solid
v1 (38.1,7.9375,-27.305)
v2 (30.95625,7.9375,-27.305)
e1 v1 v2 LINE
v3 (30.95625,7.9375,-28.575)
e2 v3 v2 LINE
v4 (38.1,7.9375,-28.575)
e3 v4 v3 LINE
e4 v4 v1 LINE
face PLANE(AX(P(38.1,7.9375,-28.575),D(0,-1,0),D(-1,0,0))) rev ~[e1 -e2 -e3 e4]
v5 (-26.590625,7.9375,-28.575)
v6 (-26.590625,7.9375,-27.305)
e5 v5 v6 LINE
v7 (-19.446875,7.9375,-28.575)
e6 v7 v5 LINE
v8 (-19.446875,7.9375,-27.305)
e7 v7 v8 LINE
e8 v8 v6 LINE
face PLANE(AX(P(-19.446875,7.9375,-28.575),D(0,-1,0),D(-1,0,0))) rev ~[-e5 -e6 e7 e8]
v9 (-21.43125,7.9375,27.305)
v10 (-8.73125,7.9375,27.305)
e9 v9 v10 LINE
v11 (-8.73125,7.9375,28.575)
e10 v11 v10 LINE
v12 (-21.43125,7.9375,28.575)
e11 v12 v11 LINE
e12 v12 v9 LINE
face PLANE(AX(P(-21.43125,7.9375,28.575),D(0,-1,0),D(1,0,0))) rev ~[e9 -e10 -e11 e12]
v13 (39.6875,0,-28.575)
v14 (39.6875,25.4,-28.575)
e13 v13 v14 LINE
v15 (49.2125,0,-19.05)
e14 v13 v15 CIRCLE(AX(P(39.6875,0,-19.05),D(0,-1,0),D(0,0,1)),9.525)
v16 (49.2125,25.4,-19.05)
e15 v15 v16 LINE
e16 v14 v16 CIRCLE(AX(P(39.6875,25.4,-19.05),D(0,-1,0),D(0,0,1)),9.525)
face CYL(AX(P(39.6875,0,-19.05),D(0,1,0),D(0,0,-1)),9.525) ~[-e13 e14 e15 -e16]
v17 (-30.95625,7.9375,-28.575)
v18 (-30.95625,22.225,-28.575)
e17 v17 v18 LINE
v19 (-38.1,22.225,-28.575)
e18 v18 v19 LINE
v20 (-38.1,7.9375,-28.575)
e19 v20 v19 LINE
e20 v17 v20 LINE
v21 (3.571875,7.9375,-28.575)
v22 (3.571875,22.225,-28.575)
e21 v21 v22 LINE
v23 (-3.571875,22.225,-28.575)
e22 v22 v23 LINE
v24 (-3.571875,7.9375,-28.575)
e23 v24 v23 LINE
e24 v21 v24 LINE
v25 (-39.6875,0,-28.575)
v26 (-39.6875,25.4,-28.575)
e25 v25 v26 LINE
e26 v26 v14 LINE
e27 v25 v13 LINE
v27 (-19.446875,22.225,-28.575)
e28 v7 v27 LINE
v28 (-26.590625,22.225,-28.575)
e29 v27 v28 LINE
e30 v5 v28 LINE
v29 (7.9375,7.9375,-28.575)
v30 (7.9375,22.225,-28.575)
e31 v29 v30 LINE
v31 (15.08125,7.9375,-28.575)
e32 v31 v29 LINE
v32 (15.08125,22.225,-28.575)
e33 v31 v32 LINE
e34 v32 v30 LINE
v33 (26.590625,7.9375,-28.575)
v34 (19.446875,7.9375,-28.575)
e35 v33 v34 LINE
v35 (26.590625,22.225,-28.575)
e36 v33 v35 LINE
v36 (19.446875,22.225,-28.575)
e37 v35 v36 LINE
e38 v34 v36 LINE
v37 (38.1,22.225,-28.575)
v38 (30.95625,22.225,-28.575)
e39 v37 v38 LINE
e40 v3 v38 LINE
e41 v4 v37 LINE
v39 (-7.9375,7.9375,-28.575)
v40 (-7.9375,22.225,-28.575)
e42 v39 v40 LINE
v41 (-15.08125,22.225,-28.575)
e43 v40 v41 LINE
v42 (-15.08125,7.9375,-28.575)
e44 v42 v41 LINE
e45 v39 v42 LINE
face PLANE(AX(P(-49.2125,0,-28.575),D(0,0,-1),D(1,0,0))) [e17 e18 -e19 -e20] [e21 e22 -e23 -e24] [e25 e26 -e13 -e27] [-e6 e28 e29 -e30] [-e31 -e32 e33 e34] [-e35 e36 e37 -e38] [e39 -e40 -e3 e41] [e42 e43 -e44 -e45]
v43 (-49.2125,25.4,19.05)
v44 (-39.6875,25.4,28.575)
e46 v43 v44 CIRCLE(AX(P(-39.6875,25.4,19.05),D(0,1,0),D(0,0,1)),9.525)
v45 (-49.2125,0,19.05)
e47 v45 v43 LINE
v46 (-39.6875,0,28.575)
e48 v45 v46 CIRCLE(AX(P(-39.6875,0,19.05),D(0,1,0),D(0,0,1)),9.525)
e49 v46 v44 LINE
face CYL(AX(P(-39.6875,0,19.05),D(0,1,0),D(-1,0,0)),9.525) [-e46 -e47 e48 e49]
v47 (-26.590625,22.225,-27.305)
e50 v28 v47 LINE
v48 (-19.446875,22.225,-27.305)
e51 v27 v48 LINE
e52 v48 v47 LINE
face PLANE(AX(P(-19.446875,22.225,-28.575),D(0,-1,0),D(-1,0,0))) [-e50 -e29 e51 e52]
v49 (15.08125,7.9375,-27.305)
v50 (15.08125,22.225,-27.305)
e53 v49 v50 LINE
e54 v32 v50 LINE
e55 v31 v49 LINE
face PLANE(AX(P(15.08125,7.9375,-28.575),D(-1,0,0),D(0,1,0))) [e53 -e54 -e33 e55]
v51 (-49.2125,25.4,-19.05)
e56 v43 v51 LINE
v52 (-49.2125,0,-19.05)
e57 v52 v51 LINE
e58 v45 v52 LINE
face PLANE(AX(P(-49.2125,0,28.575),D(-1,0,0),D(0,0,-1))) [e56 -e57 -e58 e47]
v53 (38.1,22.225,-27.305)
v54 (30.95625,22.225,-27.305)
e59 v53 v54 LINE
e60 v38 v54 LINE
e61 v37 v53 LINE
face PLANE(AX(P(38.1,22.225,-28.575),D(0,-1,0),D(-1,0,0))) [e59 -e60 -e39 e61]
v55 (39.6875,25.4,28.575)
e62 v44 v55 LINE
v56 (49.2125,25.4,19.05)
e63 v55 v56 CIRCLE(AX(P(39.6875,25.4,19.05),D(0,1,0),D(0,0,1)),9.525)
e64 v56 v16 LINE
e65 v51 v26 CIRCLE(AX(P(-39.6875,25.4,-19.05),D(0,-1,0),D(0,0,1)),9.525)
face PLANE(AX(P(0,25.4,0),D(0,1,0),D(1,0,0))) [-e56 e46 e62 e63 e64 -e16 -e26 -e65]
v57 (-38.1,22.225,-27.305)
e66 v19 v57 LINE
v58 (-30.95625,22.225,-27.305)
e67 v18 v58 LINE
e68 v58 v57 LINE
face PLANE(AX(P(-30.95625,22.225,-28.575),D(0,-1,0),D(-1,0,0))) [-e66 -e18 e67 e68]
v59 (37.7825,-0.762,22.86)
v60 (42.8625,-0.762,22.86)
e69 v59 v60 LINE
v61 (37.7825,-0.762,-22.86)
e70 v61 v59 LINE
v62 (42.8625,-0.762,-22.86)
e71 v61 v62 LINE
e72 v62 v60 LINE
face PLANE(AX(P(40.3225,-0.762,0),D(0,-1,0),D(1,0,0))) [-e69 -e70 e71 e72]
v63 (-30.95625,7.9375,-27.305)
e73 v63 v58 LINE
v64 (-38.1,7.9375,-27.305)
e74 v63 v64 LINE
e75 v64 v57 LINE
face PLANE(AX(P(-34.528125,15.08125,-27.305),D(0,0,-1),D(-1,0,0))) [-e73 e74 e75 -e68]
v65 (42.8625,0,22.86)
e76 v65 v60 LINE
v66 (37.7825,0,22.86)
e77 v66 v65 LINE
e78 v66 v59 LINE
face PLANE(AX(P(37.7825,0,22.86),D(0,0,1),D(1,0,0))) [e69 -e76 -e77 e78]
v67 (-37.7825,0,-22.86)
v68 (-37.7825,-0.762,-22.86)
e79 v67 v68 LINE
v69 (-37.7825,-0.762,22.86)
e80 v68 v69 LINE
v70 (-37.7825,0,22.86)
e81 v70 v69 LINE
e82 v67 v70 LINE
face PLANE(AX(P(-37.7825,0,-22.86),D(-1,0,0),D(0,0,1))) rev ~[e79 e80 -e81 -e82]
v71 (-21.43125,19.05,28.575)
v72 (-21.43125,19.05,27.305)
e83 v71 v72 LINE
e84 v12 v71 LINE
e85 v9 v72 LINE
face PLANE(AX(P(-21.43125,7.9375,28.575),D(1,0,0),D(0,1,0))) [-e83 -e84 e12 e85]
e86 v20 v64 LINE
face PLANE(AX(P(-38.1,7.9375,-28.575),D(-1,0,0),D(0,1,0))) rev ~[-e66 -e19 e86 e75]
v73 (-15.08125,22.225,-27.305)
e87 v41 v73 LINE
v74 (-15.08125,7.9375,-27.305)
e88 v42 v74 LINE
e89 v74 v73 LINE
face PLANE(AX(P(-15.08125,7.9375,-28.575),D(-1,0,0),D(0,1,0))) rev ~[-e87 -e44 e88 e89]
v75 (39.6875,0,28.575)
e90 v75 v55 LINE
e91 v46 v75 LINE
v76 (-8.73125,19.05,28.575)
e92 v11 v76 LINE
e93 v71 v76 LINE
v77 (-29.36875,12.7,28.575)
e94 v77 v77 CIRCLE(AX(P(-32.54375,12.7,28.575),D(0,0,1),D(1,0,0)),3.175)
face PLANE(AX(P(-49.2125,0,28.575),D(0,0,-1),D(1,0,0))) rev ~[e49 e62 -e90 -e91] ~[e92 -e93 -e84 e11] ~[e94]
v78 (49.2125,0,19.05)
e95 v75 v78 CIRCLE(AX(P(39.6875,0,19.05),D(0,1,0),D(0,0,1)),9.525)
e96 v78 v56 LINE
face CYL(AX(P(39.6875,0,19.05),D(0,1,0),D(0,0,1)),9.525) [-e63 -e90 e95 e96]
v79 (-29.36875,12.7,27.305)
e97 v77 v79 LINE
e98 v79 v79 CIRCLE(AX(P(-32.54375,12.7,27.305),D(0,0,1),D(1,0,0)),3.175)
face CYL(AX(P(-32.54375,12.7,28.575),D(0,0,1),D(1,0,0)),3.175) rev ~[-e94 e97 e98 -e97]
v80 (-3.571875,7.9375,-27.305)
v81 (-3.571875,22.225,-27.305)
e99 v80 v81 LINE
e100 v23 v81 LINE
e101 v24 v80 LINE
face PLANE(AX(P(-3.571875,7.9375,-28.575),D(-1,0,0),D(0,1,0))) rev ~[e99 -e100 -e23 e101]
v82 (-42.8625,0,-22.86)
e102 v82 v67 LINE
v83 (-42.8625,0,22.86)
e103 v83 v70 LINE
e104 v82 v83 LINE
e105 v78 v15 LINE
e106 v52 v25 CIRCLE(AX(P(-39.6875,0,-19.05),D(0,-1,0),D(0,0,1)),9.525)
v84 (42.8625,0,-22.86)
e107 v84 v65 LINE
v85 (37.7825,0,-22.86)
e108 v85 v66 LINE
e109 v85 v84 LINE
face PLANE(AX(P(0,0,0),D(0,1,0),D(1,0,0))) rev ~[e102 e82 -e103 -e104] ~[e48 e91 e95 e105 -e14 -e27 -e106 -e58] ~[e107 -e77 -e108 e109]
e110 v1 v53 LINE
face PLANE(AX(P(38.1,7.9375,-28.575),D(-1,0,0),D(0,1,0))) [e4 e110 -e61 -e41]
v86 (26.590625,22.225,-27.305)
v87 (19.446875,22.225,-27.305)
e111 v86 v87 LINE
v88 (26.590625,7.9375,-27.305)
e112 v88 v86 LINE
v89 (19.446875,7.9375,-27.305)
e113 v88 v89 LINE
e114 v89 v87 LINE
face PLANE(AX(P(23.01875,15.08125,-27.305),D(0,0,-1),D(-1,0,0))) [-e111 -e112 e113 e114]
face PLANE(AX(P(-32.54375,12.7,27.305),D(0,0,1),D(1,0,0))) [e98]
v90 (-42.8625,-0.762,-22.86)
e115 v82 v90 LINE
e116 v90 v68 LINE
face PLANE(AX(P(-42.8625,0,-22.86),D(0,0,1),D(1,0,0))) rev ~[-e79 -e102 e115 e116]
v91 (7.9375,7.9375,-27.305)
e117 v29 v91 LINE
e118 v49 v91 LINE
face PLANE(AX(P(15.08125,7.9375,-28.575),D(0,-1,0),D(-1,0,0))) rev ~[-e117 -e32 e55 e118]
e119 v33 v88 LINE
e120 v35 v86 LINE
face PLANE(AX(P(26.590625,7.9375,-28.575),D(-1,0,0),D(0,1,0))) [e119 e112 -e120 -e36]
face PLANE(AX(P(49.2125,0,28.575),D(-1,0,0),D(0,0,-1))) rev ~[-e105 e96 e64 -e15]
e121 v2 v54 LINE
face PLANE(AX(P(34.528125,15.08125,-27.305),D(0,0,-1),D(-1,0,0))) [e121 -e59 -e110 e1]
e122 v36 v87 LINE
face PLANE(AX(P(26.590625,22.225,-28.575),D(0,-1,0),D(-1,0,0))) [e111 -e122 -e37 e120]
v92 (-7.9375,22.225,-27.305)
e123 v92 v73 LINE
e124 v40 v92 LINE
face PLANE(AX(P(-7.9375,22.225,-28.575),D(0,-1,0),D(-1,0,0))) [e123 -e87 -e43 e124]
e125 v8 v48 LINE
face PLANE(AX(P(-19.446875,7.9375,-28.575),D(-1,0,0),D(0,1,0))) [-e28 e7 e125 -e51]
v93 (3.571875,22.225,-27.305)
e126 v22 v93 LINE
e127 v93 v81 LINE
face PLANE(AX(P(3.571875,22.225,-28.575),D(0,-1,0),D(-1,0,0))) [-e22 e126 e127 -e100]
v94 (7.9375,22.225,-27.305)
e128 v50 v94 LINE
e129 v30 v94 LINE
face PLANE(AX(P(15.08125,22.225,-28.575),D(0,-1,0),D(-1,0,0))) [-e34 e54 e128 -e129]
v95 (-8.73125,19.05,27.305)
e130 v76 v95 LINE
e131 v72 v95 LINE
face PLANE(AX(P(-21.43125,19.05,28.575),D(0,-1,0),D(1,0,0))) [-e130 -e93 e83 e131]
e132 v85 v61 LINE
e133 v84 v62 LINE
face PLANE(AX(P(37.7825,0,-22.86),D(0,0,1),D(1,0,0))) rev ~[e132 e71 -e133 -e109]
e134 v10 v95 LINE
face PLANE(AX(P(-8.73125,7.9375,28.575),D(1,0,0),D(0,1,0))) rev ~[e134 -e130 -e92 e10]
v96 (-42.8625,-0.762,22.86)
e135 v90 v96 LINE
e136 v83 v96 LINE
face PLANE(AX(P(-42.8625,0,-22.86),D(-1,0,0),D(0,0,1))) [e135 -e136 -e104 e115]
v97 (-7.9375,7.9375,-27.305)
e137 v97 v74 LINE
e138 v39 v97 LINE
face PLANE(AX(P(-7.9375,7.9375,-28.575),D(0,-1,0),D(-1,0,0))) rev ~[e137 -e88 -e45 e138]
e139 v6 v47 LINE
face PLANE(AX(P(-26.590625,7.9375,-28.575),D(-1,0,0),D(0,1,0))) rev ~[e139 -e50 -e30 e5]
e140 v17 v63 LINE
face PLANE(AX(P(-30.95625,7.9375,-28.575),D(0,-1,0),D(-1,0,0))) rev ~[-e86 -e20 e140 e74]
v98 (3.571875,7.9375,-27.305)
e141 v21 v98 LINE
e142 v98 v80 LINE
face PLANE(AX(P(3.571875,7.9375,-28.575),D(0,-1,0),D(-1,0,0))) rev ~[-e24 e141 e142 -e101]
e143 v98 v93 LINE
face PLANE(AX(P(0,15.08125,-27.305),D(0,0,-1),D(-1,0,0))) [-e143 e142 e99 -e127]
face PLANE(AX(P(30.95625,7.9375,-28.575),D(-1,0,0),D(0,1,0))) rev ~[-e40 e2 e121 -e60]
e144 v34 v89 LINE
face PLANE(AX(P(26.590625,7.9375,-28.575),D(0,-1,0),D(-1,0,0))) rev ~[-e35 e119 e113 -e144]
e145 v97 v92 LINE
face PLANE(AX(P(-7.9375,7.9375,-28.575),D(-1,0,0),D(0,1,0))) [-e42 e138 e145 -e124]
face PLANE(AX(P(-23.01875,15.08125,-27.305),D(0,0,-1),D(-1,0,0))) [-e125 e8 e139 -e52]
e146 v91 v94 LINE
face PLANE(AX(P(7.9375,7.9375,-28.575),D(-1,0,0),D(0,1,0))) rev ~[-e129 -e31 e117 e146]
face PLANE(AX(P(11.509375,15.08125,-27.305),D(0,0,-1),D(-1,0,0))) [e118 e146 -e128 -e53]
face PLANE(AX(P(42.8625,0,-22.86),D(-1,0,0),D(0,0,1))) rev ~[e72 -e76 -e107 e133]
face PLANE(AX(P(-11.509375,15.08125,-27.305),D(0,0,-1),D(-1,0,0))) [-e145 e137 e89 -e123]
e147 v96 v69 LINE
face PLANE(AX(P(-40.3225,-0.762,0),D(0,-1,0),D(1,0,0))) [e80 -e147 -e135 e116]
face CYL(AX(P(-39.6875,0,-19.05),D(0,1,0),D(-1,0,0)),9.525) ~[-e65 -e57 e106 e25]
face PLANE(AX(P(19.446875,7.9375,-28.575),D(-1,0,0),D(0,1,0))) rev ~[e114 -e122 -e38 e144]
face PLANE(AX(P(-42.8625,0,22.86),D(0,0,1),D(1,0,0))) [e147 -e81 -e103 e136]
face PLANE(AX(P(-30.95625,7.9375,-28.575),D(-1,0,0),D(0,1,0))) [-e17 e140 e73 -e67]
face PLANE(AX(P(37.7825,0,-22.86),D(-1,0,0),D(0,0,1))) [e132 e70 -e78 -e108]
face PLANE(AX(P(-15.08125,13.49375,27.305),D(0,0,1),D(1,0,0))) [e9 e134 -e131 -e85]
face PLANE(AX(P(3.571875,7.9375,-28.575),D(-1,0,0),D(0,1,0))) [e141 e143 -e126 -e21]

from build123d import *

# Parameters (mm, degrees)
SKETCH1_W           = 98.425
SKETCH1_H           = 57.15
BOSS_EXTRUDE1_DEPTH = 25.4
SKETCH2_W           = 5.08
SKETCH2_H           = 45.72
BOSS_EXTRUDE2_DEPTH = 0.762
FILLET1_R           = 9.525
SKETCH3_W           = 7.14375
SKETCH3_H           = 14.2875
CUT_EXTRUDE1_DEPTH  = 1.27
SKETCH4_R           = 3.175
SKETCH4_W           = 12.7
SKETCH4_H           = 11.1125
CUT_EXTRUDE2_DEPTH  = 1.27


with BuildPart() as part:
    # Sketch1 → Boss-Extrude1 (new body)
    with BuildSketch(Plane(origin=(0, 0, 0), x_dir=(1, 0, 0), z_dir=(0, 1, 0))):
        Rectangle(SKETCH1_W, SKETCH1_H)
    extrude(amount=BOSS_EXTRUDE1_DEPTH)

    # Sketch2 → Boss-Extrude2 (add)
    with BuildSketch(Plane.XZ):
        with Locations((-40.3225, 0)):
            Rectangle(SKETCH2_W, SKETCH2_H)
        with Locations((40.3225, 0)):
            Rectangle(SKETCH2_W, SKETCH2_H)
    extrude(amount=BOSS_EXTRUDE2_DEPTH)

    # Fillet1
    fillet1_edges = [part.edges().sort_by_distance(p)[0] for p in [
        (-49.2125, 12.7, -28.575),
        (49.2125, 12.7, -28.575),
        (49.2125, 12.7, 28.575),
        (-49.2125, 12.7, 28.575),
    ]]
    fillet(fillet1_edges, radius=FILLET1_R)

    # Sketch3 → Cut-Extrude1 (cut)
    with BuildSketch(Plane(origin=(0, 0, -28.575), x_dir=(-1, 0, 0), z_dir=(0, 0, -1))):
        with Locations((-34.528125, 15.08125)):
            Rectangle(SKETCH3_W, SKETCH3_H)
        with Locations((-23.01875, 15.08125)):
            Rectangle(SKETCH3_W, SKETCH3_H)
        with Locations((-11.509375, 15.08125)):
            Rectangle(SKETCH3_W, SKETCH3_H)
        with Locations((0, 15.08125)):
            Rectangle(SKETCH3_W, SKETCH3_H)
        with Locations((11.509375, 15.08125)):
            Rectangle(SKETCH3_W, SKETCH3_H)
        with Locations((23.01875, 15.08125)):
            Rectangle(SKETCH3_W, SKETCH3_H)
        with Locations((34.528125, 15.08125)):
            Rectangle(SKETCH3_W, SKETCH3_H)
    extrude(amount=-CUT_EXTRUDE1_DEPTH, mode=Mode.SUBTRACT)

    # Sketch4 → Cut-Extrude2 (cut)
    with BuildSketch(Plane.XY.offset(28.575)):
        with Locations((-32.54375, 12.7)):
            Circle(SKETCH4_R)
        with Locations((-15.08125, 13.49375)):
            Rectangle(SKETCH4_W, SKETCH4_H)
    extrude(amount=-CUT_EXTRUDE2_DEPTH, mode=Mode.SUBTRACT)


solid = part.part
